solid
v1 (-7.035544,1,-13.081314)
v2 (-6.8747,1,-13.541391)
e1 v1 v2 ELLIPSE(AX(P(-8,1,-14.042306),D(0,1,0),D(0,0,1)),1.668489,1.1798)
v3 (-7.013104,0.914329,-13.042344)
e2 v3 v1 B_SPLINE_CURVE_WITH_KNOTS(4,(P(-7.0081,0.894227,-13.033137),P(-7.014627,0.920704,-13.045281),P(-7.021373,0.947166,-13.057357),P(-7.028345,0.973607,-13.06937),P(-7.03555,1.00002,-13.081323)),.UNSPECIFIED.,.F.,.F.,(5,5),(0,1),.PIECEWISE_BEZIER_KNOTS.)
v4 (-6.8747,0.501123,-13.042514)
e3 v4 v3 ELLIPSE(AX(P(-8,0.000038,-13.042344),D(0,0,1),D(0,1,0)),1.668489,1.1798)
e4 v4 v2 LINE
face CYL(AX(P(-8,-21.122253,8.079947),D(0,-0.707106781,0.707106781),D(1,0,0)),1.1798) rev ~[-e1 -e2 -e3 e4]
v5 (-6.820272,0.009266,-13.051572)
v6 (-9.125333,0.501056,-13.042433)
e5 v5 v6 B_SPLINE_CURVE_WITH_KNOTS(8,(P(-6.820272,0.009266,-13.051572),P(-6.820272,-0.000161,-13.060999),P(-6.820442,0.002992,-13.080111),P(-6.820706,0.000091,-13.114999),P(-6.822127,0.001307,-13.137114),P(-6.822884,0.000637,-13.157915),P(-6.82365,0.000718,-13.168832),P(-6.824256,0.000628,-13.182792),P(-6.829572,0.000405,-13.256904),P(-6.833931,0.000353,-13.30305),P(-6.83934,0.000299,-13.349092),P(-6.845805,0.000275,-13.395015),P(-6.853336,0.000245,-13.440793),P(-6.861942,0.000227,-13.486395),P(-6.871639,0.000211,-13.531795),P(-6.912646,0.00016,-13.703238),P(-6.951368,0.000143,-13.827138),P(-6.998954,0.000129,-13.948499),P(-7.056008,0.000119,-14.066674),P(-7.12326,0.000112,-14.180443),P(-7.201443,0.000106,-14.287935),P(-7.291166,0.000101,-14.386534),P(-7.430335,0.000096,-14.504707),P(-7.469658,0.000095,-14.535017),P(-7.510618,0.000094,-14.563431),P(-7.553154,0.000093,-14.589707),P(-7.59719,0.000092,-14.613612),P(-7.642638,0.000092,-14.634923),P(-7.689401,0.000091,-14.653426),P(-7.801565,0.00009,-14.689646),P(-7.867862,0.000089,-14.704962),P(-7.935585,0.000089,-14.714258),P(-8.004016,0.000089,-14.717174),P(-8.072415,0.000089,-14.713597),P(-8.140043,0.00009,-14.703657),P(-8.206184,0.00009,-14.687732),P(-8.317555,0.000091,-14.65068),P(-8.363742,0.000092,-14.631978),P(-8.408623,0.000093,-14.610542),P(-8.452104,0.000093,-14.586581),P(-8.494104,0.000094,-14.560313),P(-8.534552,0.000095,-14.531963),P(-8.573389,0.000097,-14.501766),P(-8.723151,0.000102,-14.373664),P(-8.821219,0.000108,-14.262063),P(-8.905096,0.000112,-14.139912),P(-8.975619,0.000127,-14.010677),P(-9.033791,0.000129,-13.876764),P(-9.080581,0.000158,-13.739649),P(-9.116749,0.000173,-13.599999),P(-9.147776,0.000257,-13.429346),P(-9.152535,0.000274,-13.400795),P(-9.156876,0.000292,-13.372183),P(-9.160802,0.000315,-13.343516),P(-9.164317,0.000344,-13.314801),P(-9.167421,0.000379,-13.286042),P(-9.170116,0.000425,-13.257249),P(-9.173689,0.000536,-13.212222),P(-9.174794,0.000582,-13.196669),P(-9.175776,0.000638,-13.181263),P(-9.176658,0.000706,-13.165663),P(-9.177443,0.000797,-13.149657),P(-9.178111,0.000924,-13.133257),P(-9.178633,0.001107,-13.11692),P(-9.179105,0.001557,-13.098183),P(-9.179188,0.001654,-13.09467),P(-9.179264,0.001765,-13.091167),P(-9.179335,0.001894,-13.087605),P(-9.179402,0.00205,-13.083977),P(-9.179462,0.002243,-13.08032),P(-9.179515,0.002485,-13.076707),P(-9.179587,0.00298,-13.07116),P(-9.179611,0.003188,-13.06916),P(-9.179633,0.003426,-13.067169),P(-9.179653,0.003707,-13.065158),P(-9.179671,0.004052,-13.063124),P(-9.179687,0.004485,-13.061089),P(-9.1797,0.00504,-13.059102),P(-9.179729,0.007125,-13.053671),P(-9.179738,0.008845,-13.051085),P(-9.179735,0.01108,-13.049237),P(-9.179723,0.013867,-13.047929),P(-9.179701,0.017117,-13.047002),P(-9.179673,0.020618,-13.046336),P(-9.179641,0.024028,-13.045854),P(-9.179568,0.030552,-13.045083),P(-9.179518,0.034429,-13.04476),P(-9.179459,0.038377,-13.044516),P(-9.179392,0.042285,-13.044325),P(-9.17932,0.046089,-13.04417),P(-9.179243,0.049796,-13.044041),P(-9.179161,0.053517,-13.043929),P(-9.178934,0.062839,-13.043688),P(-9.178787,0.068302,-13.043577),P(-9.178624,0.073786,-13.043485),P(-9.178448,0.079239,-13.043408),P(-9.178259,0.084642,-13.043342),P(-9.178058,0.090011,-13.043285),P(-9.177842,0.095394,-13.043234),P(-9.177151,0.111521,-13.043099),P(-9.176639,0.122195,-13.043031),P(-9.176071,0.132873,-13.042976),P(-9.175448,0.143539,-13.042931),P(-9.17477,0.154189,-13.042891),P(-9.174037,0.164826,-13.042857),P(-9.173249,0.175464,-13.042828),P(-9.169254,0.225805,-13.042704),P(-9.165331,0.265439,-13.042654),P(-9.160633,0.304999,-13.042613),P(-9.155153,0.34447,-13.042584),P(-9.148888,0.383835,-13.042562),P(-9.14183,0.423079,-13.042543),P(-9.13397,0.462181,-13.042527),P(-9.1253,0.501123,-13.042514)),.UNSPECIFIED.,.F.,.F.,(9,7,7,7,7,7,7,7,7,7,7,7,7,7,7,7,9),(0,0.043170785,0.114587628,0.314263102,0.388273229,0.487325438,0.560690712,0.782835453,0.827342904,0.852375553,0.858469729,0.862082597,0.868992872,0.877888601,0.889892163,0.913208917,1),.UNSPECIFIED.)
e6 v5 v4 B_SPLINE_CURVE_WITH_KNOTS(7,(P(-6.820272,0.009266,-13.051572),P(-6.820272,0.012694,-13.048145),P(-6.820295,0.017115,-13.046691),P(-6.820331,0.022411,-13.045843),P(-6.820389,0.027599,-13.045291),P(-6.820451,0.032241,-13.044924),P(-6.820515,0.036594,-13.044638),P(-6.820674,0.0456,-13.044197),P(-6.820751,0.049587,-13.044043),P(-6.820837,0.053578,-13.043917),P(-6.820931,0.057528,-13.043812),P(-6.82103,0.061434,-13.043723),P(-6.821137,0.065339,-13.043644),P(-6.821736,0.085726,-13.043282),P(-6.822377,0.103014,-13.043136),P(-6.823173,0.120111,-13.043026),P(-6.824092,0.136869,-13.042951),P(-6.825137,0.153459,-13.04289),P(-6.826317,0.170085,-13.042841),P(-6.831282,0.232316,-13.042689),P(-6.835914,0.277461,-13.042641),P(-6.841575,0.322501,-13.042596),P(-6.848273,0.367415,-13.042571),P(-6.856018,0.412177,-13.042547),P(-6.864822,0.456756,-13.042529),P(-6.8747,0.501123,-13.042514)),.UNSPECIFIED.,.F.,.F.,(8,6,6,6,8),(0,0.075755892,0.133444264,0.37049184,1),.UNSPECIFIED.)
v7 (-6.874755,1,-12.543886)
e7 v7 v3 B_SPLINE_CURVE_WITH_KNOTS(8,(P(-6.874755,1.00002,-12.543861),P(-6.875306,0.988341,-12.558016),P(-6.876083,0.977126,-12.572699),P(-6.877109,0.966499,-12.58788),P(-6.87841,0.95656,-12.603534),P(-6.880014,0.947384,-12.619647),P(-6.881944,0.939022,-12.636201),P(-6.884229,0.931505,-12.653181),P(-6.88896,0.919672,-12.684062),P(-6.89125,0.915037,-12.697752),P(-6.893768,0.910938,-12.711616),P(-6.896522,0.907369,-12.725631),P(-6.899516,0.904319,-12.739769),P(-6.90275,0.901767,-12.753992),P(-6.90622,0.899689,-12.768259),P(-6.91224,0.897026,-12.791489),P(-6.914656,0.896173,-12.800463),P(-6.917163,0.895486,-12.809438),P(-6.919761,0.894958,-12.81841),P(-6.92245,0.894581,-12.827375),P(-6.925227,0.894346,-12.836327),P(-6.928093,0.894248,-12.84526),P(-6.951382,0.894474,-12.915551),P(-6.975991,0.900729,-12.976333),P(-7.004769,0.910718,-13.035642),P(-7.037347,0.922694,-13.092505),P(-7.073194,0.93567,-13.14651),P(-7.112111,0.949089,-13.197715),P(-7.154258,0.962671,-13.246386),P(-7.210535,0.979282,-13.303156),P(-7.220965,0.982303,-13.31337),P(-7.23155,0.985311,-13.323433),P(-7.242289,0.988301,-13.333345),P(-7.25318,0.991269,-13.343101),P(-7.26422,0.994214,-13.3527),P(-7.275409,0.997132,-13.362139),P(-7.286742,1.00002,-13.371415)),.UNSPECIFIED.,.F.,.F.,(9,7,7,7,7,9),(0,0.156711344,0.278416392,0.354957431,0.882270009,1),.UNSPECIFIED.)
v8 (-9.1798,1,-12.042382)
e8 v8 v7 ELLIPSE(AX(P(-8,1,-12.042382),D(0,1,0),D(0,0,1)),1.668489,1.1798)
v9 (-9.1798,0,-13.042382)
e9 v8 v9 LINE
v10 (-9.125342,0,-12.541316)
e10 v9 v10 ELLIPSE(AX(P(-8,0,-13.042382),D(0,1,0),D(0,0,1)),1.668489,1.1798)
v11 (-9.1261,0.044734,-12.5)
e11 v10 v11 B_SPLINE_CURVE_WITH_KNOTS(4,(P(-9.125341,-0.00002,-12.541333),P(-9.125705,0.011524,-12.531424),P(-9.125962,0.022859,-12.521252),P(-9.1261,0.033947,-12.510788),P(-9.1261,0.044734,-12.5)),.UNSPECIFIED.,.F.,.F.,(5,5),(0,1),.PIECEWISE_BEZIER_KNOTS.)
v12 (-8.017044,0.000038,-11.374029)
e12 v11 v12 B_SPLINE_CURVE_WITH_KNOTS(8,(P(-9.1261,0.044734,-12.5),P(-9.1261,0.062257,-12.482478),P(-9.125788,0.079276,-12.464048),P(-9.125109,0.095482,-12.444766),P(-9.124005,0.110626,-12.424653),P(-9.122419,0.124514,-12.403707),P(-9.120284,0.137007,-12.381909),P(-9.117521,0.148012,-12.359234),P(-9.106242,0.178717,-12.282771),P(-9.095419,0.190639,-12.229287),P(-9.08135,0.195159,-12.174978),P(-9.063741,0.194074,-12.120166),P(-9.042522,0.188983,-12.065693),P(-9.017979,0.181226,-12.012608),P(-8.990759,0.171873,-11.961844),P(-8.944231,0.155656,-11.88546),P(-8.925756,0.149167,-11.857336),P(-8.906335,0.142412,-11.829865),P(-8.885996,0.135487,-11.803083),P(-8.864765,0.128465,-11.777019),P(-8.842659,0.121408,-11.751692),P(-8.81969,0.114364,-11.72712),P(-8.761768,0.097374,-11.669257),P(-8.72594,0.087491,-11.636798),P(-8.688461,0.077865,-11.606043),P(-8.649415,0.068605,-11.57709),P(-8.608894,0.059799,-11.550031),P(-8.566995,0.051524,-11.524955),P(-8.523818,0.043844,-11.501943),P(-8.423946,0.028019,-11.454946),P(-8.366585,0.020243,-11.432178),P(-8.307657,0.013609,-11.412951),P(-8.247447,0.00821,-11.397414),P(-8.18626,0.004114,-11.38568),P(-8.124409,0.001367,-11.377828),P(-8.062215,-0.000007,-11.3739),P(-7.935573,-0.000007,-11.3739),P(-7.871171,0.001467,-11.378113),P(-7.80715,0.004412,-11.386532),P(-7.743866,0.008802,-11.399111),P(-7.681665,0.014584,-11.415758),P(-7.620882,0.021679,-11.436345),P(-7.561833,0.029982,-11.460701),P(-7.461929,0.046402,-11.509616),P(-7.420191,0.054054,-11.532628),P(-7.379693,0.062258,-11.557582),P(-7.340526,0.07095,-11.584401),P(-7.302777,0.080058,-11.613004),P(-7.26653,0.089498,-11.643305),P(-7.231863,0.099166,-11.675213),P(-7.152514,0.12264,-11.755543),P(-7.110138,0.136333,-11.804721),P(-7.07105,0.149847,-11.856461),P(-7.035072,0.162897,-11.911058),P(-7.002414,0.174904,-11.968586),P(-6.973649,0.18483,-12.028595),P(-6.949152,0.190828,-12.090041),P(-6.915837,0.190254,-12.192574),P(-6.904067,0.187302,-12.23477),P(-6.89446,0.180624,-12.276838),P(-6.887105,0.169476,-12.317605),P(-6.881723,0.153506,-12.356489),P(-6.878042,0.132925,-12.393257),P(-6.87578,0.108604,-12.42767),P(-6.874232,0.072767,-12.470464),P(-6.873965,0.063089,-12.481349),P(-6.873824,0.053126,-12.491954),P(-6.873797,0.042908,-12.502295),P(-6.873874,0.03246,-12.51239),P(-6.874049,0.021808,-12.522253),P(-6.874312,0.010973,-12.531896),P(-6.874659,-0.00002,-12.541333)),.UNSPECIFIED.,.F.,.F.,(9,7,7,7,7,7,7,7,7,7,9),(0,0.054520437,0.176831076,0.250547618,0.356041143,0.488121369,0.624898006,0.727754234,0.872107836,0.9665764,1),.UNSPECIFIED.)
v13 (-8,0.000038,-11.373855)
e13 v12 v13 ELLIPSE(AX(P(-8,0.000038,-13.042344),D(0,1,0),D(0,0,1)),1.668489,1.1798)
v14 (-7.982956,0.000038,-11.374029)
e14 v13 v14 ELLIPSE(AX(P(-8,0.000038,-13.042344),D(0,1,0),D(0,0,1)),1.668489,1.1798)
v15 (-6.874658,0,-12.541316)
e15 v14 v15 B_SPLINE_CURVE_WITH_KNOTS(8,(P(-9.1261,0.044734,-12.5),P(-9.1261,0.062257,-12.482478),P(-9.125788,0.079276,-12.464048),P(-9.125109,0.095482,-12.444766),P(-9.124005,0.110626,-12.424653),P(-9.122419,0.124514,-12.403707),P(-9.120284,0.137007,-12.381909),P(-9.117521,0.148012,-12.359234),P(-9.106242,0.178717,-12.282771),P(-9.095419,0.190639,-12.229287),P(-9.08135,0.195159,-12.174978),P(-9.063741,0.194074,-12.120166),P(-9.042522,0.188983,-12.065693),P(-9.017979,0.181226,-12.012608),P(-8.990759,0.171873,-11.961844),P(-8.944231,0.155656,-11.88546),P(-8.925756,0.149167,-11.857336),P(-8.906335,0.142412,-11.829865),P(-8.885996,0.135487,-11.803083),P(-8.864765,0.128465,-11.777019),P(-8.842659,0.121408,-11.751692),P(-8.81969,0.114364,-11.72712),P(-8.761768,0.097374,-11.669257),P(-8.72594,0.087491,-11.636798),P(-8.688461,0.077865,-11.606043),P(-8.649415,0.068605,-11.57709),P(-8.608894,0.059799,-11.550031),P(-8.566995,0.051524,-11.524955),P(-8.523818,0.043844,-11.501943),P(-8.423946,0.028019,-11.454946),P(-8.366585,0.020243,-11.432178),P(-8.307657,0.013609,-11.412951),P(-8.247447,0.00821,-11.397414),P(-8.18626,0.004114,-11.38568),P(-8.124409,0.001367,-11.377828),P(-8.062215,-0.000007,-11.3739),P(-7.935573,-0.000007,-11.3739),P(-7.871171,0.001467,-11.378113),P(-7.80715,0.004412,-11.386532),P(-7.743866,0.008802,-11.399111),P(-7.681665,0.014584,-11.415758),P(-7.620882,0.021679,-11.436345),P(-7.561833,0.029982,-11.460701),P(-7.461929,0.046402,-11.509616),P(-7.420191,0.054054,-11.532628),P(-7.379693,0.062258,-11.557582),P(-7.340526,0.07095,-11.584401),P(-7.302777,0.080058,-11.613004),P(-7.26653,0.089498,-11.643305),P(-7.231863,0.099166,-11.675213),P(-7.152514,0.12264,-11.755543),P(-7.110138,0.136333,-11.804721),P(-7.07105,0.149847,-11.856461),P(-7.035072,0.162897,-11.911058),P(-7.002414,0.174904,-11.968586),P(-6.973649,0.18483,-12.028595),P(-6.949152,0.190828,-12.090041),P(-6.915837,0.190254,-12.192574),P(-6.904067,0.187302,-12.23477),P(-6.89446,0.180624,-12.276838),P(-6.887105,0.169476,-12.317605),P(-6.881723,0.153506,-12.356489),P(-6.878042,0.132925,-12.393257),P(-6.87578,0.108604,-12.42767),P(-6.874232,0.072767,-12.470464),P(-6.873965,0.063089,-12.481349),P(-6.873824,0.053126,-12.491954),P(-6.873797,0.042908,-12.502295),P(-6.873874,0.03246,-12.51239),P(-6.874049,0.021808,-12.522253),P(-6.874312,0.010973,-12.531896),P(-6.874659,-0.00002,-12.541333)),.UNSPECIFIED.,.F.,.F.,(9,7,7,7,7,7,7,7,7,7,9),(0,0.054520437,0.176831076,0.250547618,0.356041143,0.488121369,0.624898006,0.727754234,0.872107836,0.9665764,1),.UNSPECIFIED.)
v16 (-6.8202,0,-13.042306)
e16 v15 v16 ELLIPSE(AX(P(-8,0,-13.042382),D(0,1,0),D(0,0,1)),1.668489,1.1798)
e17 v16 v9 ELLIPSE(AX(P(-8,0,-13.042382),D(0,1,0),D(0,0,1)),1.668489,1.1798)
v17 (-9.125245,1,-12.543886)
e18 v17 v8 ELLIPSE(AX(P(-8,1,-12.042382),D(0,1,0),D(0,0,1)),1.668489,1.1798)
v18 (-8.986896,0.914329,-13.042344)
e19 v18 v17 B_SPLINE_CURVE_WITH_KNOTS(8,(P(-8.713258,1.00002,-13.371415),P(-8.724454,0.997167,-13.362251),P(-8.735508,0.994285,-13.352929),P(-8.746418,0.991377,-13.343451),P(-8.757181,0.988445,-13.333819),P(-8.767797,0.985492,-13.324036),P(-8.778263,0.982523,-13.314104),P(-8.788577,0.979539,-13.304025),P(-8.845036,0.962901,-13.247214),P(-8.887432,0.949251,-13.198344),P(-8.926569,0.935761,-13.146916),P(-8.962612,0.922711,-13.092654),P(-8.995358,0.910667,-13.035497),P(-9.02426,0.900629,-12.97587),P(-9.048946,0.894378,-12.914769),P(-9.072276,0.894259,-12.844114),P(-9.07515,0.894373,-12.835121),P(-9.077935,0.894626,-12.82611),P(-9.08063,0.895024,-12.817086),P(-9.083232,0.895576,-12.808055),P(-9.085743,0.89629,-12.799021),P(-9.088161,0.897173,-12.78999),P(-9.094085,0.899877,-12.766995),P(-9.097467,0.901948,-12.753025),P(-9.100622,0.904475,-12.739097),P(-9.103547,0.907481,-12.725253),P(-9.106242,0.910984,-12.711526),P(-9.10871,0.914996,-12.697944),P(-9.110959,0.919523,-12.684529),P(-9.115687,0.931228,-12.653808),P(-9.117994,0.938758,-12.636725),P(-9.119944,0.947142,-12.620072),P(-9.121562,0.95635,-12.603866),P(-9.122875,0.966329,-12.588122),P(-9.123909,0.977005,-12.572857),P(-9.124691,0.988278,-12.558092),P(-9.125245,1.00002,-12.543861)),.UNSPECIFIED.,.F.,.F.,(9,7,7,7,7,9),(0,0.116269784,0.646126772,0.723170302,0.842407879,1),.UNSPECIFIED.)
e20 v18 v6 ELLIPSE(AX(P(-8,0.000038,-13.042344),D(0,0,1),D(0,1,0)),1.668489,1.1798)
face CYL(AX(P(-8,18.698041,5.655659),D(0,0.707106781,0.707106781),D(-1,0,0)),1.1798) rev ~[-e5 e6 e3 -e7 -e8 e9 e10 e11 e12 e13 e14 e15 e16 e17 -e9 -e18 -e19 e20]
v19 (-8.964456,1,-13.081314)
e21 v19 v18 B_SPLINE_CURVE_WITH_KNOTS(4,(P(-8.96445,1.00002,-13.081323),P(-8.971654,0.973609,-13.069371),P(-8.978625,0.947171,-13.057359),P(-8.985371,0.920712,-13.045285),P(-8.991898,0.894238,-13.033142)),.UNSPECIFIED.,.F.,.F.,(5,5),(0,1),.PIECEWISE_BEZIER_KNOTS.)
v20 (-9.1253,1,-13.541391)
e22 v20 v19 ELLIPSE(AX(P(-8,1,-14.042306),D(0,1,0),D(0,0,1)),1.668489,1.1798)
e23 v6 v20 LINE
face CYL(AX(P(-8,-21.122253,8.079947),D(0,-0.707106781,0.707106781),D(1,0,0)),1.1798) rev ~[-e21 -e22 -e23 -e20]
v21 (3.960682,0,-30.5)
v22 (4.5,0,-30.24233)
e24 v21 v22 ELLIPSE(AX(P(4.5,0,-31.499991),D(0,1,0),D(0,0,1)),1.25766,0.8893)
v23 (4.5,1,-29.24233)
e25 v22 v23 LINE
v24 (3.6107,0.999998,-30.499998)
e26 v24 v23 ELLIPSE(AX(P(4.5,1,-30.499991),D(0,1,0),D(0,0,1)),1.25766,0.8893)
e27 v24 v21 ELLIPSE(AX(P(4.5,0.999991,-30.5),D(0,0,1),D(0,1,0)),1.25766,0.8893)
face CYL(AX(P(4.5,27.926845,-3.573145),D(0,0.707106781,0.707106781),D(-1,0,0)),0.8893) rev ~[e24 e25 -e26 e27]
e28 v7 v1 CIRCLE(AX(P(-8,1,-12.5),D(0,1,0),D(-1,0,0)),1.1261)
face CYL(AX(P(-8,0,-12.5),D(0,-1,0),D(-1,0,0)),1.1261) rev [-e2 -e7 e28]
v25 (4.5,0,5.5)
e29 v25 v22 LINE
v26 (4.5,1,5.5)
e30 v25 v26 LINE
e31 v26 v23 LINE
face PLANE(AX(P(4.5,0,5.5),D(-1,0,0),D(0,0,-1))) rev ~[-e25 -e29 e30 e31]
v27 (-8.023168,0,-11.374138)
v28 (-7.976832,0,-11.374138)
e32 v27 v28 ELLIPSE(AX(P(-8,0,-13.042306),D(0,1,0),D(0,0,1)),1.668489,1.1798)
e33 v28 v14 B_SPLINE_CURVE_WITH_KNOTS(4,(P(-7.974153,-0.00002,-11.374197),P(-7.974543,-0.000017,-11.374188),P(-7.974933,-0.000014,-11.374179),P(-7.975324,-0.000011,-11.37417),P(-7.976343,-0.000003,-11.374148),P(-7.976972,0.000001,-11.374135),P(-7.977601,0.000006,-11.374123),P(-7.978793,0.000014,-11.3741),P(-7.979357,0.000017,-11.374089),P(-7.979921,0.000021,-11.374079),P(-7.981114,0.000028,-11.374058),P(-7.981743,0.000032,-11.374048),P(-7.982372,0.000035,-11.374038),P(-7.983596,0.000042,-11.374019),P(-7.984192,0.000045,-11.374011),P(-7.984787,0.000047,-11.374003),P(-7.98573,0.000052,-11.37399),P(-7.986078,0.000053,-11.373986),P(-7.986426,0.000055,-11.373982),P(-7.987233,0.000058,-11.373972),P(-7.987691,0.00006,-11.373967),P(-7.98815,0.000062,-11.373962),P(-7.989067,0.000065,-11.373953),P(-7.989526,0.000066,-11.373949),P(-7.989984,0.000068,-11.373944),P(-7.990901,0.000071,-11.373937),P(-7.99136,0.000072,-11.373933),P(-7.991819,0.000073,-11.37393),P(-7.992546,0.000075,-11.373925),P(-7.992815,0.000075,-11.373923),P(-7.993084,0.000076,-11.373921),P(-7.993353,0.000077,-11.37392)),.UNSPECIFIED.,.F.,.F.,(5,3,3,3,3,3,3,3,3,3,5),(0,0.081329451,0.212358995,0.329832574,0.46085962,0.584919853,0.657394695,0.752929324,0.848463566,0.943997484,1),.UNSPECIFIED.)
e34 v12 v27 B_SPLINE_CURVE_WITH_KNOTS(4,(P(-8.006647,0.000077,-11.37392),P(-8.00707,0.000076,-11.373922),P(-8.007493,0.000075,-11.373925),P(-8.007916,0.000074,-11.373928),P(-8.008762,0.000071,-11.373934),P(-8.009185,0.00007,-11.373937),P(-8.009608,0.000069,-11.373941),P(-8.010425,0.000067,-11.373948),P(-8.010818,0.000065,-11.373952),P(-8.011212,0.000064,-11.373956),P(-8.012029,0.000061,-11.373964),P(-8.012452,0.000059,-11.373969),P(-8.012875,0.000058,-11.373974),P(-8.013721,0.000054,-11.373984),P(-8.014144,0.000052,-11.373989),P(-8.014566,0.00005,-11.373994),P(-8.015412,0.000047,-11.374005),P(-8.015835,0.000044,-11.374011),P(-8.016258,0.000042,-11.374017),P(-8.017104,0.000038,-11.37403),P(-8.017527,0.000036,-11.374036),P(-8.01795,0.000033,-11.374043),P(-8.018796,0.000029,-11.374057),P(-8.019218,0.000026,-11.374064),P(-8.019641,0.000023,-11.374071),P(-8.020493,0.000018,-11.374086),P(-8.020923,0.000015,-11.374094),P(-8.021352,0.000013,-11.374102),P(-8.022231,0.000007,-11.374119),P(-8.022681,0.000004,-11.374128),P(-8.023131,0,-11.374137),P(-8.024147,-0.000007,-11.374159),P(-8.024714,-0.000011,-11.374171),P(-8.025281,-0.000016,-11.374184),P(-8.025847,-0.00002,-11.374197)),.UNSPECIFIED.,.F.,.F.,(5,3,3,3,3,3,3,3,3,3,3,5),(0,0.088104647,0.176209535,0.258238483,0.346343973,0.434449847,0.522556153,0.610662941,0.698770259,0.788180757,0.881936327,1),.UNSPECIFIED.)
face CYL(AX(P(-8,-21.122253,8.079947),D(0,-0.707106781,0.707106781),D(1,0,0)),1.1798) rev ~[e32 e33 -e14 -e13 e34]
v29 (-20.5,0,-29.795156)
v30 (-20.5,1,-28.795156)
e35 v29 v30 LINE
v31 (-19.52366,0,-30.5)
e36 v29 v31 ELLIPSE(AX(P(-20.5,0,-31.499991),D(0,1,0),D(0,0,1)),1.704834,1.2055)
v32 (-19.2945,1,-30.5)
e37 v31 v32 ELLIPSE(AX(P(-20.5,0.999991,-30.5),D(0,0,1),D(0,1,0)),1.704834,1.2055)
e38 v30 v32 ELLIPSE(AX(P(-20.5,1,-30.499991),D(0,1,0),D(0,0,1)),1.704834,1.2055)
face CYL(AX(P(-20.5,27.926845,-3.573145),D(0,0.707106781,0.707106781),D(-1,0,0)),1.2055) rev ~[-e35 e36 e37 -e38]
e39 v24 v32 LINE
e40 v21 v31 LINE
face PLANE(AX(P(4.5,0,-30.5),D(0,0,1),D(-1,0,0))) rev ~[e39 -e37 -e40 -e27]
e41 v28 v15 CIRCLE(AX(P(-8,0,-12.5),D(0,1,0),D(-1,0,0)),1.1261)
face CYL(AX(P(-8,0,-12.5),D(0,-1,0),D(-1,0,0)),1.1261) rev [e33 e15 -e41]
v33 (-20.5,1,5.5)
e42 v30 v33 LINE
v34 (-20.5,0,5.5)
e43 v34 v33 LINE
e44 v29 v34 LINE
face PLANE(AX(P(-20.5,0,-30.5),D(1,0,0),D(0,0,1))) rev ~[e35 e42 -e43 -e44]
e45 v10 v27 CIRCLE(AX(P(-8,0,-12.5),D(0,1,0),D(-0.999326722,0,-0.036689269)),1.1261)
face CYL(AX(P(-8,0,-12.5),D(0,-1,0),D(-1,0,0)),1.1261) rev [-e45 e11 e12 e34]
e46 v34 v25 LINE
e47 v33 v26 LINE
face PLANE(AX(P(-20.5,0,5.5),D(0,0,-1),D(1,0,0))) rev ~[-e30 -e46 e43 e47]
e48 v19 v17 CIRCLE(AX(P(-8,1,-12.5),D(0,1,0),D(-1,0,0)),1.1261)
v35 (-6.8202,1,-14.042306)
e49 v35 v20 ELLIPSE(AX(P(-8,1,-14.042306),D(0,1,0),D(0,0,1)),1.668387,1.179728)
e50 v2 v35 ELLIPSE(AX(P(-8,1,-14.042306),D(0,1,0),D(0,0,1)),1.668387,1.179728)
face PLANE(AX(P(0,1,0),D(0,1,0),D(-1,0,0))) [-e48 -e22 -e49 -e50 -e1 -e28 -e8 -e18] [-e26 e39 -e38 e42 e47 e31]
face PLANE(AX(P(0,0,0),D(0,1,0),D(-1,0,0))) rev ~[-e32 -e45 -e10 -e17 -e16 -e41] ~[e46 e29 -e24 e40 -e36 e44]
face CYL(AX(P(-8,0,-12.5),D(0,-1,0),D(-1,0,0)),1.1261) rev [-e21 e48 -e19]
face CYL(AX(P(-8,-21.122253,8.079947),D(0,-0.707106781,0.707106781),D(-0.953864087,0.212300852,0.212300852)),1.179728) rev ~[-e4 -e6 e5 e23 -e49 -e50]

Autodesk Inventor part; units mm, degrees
ref_plane "YZ Plane" through (0, 0, 0) normal (1, 0, 0) x (0, 1, 0)
ref_plane "XZ Plane" through (0, 0, 0) normal (0, 1, 0) x (-1, 0, 0)
ref_plane "XY Plane" through (0, 0, 0) normal (0, 0, 1) x (1, 0, 0)
sketch "Sketch1" plane through (0, 0, 0) normal (0, 1, 0) x (-1, 0, 0)
  circle A0 centre (8, -12.5) radius 1.1261
  line L0 (-4.5, -30.5) -> (20.5, -30.5)
  line L1 (20.5, -30.5) -> (20.5, 5.5)
  line L2 (20.5, 5.5) -> (-4.5, 5.5)
  line L3 (-4.5, 5.5) -> (-4.5, -30.5)
  line L4 (-4.5, -30.5) -> (20.5, 5.5) construction
  line L5 (20.5, -30.5) -> (-4.5, 5.5) construction
  dimension "d7" = 25
  dimension "d8" = 36
extrude "Extrusion1" add sketch "Sketch1" along normal blind 1
ref_plane "Work Plane1" through (16.9, 36.305, -11.9513) normal (0, 0.7071, 0.7071) x (-1, 0, 0)
sketch "Sketch2" plane through (16.9, 36.305, -11.9513) normal (0, 0.7071, 0.7071) x (-1, 0, 0)
  ellipse E0 centre (24.9, 24.5764) end of major axis (23.7739, 24.5764) minor radius 0.7963 projected
  circle A0 centre (24.9, 24.9) radius 1.1798
  ellipse E1 centre (24.9, 25.2835) end of major axis (23.7739, 25.2835) minor radius 0.7963 projected
  line L0 (12.4, 11.8485) -> (37.4, 11.8485) projected
  circle A1 centre (37.4, 11.8485) radius 1.2055
  circle A2 centre (12.4, 11.8485) radius 0.8893
  point P0 (16.9, 34.1223)
  dimension "d4" = 0.3236
extrude "Extrusion2" cut sketch "Sketch2" against normal through all contours E0 E1 A0 | E0 A0 E1 | E1 A0 E0 | E0 E1 | E0 A0 | E1 A0 E0 | A1 | A2 picked at (24.9476, 23.7672)
ref_plane "Work Plane2" through (-8, 0, -30.5) normal (-1, 0, 0) x (0, 0, 1)
ref_plane "Work Plane3" through (4, -7.358, 16.4985) normal (-0.7071, -0.5, 0.5) x (0.7071, -0.5, 0.5)
ref_plane "Work Plane4" through (4, -34.1432, -4.941) normal (0, -0.7071, 0.7071) x (1, 0, 0)
sketch "Sketch3" plane through (4, -34.1432, -4.941) normal (0, -0.7071, 0.7071) x (1, 0, 0)
  arc A0 (-13.1253, 18.7686) -> (-10.8747, 18.7686) centre (-12, 18.4144) ccw projected
  circle A1 centre (-12, 18.4144) radius 1.1798
  point P0 (-4, 27.6367)
extrude "Extrusion3" cut sketch "Sketch3" against normal through all
properties part number "00_Comar_Dichroic_16x25x0.2" material "Glas"
